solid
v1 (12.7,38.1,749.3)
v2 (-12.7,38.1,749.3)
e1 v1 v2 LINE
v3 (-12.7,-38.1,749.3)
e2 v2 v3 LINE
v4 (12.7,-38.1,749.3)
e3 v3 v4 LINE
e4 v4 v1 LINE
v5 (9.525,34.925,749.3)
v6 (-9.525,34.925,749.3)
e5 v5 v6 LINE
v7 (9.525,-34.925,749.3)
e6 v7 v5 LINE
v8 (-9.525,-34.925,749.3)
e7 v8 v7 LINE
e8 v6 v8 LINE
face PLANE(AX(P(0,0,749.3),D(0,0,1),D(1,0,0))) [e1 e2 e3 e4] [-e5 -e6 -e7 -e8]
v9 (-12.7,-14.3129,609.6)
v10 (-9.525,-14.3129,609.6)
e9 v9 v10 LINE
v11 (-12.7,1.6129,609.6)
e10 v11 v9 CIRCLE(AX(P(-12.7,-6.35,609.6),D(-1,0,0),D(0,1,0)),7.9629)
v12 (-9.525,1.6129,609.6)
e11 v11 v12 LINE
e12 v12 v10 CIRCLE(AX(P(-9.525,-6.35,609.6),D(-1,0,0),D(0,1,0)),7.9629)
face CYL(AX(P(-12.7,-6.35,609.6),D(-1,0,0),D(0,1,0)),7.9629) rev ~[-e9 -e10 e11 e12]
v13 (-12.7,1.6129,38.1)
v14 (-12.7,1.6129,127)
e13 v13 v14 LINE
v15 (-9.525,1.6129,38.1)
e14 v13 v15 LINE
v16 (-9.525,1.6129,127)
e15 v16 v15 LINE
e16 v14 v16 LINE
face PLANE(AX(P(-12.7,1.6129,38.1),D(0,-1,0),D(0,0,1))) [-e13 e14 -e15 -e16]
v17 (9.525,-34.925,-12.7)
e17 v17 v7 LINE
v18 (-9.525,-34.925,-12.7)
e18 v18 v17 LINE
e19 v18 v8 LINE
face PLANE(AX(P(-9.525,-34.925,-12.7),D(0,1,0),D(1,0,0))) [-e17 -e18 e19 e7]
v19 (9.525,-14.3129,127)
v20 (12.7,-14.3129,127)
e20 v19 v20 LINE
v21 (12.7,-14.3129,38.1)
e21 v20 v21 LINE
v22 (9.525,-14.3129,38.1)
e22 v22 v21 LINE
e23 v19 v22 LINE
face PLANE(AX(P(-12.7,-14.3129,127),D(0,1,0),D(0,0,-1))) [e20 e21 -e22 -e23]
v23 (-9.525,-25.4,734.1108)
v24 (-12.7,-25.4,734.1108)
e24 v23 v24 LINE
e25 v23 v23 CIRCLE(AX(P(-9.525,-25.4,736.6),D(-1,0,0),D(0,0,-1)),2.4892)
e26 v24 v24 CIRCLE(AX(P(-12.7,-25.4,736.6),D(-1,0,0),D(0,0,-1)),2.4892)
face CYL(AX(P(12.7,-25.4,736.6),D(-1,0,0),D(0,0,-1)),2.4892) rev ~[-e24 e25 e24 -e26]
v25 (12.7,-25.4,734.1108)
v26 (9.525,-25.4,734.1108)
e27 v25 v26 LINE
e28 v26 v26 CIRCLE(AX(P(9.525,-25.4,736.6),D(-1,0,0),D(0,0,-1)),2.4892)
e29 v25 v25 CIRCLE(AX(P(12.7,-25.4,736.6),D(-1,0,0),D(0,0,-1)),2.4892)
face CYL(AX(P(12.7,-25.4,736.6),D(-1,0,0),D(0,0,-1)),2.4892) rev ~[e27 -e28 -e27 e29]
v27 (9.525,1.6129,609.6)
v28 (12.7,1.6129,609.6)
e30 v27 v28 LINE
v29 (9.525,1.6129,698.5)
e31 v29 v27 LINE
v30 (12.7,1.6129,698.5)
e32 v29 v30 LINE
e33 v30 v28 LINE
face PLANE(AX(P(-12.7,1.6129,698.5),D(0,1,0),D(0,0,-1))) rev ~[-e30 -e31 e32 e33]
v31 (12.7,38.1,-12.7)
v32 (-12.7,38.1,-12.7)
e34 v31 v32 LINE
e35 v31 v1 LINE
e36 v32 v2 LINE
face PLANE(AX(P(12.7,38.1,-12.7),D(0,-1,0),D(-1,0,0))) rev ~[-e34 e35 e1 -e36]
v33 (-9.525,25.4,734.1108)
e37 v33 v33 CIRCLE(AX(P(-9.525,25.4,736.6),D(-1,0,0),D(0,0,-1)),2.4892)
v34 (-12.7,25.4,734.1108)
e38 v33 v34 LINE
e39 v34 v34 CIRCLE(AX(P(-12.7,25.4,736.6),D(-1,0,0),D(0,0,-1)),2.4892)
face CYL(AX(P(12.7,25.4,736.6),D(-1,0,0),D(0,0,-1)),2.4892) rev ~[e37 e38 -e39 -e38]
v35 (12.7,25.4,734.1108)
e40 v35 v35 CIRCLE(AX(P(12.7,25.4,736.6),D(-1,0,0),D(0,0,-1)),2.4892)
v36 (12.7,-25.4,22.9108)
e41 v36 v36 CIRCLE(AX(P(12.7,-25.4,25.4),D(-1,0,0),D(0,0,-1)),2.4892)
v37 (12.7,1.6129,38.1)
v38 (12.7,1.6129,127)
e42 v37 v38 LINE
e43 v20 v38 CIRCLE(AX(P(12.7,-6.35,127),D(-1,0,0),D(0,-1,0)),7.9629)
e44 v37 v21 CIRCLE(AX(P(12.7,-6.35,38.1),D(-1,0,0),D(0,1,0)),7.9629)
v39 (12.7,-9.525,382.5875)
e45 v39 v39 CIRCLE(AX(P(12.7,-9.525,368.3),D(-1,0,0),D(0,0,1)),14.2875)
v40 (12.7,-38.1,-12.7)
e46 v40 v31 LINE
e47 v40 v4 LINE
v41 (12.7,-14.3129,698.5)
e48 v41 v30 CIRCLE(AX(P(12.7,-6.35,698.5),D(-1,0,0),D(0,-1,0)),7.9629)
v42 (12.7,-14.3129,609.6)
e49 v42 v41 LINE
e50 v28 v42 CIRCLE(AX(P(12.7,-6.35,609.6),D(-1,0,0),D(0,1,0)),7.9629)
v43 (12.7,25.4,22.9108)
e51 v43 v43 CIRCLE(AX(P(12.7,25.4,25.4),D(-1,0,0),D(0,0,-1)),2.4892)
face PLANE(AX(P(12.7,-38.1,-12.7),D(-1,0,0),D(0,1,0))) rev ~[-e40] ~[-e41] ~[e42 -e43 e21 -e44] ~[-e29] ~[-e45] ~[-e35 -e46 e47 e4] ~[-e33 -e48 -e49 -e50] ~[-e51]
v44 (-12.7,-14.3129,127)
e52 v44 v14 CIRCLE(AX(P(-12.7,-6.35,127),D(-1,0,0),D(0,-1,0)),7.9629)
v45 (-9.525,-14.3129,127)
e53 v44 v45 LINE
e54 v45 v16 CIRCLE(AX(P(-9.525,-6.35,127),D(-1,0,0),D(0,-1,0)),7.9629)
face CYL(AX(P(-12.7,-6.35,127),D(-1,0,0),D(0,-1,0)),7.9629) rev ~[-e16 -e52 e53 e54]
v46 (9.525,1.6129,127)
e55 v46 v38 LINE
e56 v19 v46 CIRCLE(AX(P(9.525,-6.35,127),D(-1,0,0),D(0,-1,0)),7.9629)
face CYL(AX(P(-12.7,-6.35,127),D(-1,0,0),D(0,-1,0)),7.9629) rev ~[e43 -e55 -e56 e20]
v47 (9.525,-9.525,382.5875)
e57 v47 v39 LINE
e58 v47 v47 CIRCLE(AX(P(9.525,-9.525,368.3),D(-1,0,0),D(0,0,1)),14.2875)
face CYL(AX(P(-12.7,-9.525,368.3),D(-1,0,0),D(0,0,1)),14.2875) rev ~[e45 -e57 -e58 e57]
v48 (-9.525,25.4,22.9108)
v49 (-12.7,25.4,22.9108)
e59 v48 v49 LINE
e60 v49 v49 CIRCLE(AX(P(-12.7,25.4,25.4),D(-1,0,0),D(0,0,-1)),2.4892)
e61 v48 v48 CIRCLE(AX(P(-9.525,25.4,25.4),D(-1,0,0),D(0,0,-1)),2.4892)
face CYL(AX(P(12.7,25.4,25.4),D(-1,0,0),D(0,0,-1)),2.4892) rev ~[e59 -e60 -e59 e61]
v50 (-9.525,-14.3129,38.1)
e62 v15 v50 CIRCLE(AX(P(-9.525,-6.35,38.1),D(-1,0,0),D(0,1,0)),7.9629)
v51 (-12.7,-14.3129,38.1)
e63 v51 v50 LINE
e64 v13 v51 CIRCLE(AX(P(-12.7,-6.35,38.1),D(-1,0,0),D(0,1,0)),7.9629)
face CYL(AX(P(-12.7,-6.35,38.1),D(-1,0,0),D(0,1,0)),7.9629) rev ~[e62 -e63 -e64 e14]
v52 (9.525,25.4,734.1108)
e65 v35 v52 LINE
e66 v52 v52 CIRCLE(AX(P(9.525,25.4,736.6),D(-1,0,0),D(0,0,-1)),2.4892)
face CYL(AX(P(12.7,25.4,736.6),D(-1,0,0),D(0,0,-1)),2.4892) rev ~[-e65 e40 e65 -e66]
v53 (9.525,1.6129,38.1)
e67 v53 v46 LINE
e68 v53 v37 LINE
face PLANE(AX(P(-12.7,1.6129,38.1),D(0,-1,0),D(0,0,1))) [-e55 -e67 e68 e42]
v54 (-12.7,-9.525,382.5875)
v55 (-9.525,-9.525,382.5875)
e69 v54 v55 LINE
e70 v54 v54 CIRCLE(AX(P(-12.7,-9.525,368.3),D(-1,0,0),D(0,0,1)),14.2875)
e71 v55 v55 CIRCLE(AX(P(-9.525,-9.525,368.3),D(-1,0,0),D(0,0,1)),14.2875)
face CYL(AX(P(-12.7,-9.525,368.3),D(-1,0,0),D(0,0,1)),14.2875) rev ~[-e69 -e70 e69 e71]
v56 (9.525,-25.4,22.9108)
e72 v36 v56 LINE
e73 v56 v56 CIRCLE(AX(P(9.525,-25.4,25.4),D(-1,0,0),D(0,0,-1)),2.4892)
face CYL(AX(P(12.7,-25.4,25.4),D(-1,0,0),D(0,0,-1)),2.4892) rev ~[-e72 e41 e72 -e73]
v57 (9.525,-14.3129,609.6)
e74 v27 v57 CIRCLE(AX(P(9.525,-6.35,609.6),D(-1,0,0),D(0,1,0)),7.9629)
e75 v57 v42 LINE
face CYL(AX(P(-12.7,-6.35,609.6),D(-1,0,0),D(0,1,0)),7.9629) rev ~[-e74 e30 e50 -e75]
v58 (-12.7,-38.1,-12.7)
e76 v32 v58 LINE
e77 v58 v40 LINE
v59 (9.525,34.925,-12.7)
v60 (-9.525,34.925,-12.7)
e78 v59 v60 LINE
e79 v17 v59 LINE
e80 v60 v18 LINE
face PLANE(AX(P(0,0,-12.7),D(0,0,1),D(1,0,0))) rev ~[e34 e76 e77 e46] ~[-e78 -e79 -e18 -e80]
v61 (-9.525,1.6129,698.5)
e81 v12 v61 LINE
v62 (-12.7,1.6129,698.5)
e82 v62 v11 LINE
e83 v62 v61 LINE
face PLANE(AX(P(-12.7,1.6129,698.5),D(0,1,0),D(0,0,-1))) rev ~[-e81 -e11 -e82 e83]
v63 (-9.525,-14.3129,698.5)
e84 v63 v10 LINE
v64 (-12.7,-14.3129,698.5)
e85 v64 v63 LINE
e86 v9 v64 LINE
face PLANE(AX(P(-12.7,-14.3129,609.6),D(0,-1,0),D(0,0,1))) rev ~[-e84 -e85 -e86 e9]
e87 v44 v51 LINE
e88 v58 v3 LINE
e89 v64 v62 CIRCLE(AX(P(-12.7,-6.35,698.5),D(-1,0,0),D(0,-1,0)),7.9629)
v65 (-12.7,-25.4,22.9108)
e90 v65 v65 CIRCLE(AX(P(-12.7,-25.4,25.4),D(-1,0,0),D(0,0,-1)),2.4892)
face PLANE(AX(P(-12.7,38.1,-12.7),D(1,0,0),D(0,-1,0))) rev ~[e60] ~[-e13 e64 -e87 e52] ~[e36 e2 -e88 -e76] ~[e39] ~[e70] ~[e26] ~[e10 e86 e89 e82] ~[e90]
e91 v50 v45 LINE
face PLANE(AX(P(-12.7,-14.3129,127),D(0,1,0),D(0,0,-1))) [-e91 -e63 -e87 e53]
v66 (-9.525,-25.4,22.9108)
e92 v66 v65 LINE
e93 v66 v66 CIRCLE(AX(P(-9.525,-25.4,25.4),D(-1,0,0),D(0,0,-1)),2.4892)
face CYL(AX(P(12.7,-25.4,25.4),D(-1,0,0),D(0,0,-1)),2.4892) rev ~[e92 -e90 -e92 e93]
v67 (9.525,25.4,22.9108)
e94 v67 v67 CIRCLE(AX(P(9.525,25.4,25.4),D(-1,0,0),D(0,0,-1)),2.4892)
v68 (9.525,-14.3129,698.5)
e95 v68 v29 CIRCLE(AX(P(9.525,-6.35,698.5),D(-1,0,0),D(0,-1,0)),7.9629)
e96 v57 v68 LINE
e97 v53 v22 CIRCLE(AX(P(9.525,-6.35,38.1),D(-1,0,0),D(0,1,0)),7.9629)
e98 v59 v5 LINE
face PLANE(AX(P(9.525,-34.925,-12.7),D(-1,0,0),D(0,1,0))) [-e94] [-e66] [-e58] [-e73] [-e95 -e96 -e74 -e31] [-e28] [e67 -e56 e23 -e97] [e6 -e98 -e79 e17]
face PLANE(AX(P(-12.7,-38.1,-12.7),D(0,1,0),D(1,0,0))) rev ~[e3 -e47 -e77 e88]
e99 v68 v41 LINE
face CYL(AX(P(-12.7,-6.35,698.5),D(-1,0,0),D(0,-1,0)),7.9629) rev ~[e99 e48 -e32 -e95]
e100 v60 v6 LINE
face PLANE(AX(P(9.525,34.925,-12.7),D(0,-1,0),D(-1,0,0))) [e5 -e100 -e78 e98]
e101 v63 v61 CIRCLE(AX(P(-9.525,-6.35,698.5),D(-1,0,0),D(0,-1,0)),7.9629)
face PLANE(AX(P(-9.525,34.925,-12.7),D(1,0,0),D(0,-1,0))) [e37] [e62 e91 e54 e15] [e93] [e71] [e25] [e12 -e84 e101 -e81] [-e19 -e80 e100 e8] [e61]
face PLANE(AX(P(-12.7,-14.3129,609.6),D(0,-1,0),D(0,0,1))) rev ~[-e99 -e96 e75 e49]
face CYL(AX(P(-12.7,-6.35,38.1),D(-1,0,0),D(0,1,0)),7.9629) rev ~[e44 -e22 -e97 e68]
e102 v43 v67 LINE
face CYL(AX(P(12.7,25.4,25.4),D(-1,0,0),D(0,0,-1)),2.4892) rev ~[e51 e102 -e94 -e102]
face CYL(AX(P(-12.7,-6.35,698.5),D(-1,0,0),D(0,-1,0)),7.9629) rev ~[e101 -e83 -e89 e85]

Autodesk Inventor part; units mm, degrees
ref_plane "Start Plane" through (0, 0, -12.7) normal (0, 0, 1) x (1, 0, 0)
ref_plane "End Plane" through (0, 0, 749.3) normal (0, 0, 1) x (1, 0, 0)
sketch "Sketch" plane through (0, 0, 0) normal (0, 0, 1) x (1, 0, 0)
  line L0 (-12.7, -38.1) -> (12.7, -38.1)
  line L1 (12.7, -38.1) -> (12.7, 38.1)
  line L2 (12.7, 38.1) -> (-12.7, 38.1)
  line L3 (-12.7, 38.1) -> (-12.7, -38.1)
  line L4 (-12.7, -38.1) -> (12.7, 38.1) construction
  line L5 (12.7, -38.1) -> (-12.7, 38.1) construction
  line L6 (-9.525, -34.925) -> (9.525, -34.925)
  line L7 (9.525, -34.925) -> (9.525, 34.925)
  line L8 (9.525, 34.925) -> (-9.525, 34.925)
  line L9 (-9.525, 34.925) -> (-9.525, -34.925)
  line L10 (-9.525, -34.925) -> (9.525, 34.925) construction
  line L11 (9.525, -34.925) -> (-9.525, 34.925) construction
  point P0 (0, 0)
  dimension "d0" = 25.4
  dimension "d1" = 76.2
  dimension "d2" = 3.175
  dimension "d3" = 3.175
extrude "Body" add sketch "Sketch" along normal up to surface (762 mm away) from surface at -12.7
sketch "Sketch6" plane through (0, 0, 0) normal (0, 0, 1) x (1, 0, 0)
  line L0 (0, 0) -> (10, 0)
ref_plane "Work Plane5" through (0, 0, 0) normal (0, -1, 0) x (1, 0, 0)
sketch "Sketch7" plane through (0, 0, 0) normal (0, -1, 0) x (1, 0, 0)
  line L0 (-2, -12.7) -> (12, -12.7)
  line L1 (-2, 749.3) -> (12, 749.3)
  dimension "d11" = 762
ref_plane "Work Plane6" through (609.6, 0, -12.7) normal (0, 0, -1) x (-1, 0, 0)
split "Split1" plane through (609.6, 0, -12.7) removes the side toward (0, 0, -1)
ref_plane "Work Plane7" through (0, 38.1, 749.3) normal (0, 0, 1) x (1, 0, 0)
split "Split2" plane through (0, 38.1, 749.3) removes the side toward (0, 0, 1)
sketch "Sketch8" plane through (-12.7, -38.1, 749.3) normal (-1, 0, 0) x (0, 0, 1)
  circle A0 centre (-381, 28.575) radius 14.2875
  line L0 (-762, 0) -> (0, 0) projected
  line L1 (-762, 76.2) -> (-762, 0) projected
  line L2 (0, 76.2) -> (-762, 76.2) projected
  line L3 (-622.3, 31.75) -> (-711.2, 31.75) construction
  line L4 (-622.3, 23.7871) -> (-711.2, 23.7871)
  line L5 (-711.2, 39.7129) -> (-622.3, 39.7129)
  arc A1 (-622.3, 23.7871) -> (-622.3, 39.7129) centre (-622.3, 31.75) ccw
  arc A2 (-711.2, 39.7129) -> (-711.2, 23.7871) centre (-711.2, 31.75) ccw
  line L6 (-139.7, 31.75) -> (-50.8, 31.75) construction
  line L7 (-139.7, 23.7871) -> (-50.8, 23.7871)
  line L8 (-50.8, 39.7129) -> (-139.7, 39.7129)
  arc A3 (-139.7, 39.7129) -> (-139.7, 23.7871) centre (-139.7, 31.75) ccw
  arc A4 (-50.8, 23.7871) -> (-50.8, 39.7129) centre (-50.8, 31.75) ccw
  line L9 (0, 0) -> (0, 76.2) projected
  line L10 (-381, 76.2) -> (-381, 0) construction
  line L11 (-762, 0) -> (0, 0) construction
  point P0 (-762, 73.025)
  point P1 (-666.75, 31.75)
  point P2 (-95.25, 31.75)
  dimension "d16" = 28.575
  dimension "d44" = 7.9629
  dimension "d45" = 7.9629
  dimension "d46" = 88.9
  dimension "d47" = 88.9
  dimension "d48" = 50.8
  dimension "d49" = 50.8
  dimension "d50" = 31.75
  dimension "d51" = 31.75
  dimension "d52" = 28.575
extrude "Extrusion3" cut sketch "Sketch8" against normal blind 25.4 contours A0 | L4 A2 L5 A1 | A3 L8 A4 L7
sketch "Sketch9" plane through (12.7, -38.1, 749.3) normal (1, 0, 0) x (0, 0, -1)
  line L0 (762, 76.2) -> (0, 76.2) projected
  line L1 (0, 76.2) -> (0, 0) projected
  point P0 (749.3, 38.1)
  point P1 (12.7, 63.5)
  point P2 (723.9, 63.5)
  point P3 (12.7, 12.7)
  point P4 (723.9, 12.7)
  dimension "d21" = 12.7
  dimension "d22" = 12.7
  dimension "d25" = 711.2
  dimension "d28" = 50.8
hole "Hole1" at (12.7, 25.4, 736.6) at (12.7, 25.4, 25.4) at (12.7, -25.4, 736.6) at (12.7, -25.4, 25.4) direction (-1, 0, 0) diameter 4.9784 end through all clearance for "Flat Head Machine Screw (82)" size "#10" standard "Ansi Unified Screw Threads"
equation "\"d0\" = Width"
equation "\"d1\" = Height"
equation "\"d2\" = Thickness"
equation "\"d3\" = Thickness"
equation "\"d45\" = d44"
equation "\"d47\" = d46"
equation "\"d49\" = d48"
equation "\"d51\" = d50"
equation "\"Height\" = 76.2"
equation "\"Width\" = 25.4"
equation "\"Thickness\" = 3.175"
equation "\"BaseLength\" = 736.6"
equation "\"G_OFFSET_START\" = 12.7"
equation "\"G_OFFSET_END\" = 12.7"
equation "\"d6\" = -G_OFFSET_START"
equation "\"d7\" = BaseLength + G_OFFSET_END"
equation "\"G_L\" = d11"
properties part number "AL RECT TUBE 3 x 1 x 0.125" material "Aluminum 6061"
